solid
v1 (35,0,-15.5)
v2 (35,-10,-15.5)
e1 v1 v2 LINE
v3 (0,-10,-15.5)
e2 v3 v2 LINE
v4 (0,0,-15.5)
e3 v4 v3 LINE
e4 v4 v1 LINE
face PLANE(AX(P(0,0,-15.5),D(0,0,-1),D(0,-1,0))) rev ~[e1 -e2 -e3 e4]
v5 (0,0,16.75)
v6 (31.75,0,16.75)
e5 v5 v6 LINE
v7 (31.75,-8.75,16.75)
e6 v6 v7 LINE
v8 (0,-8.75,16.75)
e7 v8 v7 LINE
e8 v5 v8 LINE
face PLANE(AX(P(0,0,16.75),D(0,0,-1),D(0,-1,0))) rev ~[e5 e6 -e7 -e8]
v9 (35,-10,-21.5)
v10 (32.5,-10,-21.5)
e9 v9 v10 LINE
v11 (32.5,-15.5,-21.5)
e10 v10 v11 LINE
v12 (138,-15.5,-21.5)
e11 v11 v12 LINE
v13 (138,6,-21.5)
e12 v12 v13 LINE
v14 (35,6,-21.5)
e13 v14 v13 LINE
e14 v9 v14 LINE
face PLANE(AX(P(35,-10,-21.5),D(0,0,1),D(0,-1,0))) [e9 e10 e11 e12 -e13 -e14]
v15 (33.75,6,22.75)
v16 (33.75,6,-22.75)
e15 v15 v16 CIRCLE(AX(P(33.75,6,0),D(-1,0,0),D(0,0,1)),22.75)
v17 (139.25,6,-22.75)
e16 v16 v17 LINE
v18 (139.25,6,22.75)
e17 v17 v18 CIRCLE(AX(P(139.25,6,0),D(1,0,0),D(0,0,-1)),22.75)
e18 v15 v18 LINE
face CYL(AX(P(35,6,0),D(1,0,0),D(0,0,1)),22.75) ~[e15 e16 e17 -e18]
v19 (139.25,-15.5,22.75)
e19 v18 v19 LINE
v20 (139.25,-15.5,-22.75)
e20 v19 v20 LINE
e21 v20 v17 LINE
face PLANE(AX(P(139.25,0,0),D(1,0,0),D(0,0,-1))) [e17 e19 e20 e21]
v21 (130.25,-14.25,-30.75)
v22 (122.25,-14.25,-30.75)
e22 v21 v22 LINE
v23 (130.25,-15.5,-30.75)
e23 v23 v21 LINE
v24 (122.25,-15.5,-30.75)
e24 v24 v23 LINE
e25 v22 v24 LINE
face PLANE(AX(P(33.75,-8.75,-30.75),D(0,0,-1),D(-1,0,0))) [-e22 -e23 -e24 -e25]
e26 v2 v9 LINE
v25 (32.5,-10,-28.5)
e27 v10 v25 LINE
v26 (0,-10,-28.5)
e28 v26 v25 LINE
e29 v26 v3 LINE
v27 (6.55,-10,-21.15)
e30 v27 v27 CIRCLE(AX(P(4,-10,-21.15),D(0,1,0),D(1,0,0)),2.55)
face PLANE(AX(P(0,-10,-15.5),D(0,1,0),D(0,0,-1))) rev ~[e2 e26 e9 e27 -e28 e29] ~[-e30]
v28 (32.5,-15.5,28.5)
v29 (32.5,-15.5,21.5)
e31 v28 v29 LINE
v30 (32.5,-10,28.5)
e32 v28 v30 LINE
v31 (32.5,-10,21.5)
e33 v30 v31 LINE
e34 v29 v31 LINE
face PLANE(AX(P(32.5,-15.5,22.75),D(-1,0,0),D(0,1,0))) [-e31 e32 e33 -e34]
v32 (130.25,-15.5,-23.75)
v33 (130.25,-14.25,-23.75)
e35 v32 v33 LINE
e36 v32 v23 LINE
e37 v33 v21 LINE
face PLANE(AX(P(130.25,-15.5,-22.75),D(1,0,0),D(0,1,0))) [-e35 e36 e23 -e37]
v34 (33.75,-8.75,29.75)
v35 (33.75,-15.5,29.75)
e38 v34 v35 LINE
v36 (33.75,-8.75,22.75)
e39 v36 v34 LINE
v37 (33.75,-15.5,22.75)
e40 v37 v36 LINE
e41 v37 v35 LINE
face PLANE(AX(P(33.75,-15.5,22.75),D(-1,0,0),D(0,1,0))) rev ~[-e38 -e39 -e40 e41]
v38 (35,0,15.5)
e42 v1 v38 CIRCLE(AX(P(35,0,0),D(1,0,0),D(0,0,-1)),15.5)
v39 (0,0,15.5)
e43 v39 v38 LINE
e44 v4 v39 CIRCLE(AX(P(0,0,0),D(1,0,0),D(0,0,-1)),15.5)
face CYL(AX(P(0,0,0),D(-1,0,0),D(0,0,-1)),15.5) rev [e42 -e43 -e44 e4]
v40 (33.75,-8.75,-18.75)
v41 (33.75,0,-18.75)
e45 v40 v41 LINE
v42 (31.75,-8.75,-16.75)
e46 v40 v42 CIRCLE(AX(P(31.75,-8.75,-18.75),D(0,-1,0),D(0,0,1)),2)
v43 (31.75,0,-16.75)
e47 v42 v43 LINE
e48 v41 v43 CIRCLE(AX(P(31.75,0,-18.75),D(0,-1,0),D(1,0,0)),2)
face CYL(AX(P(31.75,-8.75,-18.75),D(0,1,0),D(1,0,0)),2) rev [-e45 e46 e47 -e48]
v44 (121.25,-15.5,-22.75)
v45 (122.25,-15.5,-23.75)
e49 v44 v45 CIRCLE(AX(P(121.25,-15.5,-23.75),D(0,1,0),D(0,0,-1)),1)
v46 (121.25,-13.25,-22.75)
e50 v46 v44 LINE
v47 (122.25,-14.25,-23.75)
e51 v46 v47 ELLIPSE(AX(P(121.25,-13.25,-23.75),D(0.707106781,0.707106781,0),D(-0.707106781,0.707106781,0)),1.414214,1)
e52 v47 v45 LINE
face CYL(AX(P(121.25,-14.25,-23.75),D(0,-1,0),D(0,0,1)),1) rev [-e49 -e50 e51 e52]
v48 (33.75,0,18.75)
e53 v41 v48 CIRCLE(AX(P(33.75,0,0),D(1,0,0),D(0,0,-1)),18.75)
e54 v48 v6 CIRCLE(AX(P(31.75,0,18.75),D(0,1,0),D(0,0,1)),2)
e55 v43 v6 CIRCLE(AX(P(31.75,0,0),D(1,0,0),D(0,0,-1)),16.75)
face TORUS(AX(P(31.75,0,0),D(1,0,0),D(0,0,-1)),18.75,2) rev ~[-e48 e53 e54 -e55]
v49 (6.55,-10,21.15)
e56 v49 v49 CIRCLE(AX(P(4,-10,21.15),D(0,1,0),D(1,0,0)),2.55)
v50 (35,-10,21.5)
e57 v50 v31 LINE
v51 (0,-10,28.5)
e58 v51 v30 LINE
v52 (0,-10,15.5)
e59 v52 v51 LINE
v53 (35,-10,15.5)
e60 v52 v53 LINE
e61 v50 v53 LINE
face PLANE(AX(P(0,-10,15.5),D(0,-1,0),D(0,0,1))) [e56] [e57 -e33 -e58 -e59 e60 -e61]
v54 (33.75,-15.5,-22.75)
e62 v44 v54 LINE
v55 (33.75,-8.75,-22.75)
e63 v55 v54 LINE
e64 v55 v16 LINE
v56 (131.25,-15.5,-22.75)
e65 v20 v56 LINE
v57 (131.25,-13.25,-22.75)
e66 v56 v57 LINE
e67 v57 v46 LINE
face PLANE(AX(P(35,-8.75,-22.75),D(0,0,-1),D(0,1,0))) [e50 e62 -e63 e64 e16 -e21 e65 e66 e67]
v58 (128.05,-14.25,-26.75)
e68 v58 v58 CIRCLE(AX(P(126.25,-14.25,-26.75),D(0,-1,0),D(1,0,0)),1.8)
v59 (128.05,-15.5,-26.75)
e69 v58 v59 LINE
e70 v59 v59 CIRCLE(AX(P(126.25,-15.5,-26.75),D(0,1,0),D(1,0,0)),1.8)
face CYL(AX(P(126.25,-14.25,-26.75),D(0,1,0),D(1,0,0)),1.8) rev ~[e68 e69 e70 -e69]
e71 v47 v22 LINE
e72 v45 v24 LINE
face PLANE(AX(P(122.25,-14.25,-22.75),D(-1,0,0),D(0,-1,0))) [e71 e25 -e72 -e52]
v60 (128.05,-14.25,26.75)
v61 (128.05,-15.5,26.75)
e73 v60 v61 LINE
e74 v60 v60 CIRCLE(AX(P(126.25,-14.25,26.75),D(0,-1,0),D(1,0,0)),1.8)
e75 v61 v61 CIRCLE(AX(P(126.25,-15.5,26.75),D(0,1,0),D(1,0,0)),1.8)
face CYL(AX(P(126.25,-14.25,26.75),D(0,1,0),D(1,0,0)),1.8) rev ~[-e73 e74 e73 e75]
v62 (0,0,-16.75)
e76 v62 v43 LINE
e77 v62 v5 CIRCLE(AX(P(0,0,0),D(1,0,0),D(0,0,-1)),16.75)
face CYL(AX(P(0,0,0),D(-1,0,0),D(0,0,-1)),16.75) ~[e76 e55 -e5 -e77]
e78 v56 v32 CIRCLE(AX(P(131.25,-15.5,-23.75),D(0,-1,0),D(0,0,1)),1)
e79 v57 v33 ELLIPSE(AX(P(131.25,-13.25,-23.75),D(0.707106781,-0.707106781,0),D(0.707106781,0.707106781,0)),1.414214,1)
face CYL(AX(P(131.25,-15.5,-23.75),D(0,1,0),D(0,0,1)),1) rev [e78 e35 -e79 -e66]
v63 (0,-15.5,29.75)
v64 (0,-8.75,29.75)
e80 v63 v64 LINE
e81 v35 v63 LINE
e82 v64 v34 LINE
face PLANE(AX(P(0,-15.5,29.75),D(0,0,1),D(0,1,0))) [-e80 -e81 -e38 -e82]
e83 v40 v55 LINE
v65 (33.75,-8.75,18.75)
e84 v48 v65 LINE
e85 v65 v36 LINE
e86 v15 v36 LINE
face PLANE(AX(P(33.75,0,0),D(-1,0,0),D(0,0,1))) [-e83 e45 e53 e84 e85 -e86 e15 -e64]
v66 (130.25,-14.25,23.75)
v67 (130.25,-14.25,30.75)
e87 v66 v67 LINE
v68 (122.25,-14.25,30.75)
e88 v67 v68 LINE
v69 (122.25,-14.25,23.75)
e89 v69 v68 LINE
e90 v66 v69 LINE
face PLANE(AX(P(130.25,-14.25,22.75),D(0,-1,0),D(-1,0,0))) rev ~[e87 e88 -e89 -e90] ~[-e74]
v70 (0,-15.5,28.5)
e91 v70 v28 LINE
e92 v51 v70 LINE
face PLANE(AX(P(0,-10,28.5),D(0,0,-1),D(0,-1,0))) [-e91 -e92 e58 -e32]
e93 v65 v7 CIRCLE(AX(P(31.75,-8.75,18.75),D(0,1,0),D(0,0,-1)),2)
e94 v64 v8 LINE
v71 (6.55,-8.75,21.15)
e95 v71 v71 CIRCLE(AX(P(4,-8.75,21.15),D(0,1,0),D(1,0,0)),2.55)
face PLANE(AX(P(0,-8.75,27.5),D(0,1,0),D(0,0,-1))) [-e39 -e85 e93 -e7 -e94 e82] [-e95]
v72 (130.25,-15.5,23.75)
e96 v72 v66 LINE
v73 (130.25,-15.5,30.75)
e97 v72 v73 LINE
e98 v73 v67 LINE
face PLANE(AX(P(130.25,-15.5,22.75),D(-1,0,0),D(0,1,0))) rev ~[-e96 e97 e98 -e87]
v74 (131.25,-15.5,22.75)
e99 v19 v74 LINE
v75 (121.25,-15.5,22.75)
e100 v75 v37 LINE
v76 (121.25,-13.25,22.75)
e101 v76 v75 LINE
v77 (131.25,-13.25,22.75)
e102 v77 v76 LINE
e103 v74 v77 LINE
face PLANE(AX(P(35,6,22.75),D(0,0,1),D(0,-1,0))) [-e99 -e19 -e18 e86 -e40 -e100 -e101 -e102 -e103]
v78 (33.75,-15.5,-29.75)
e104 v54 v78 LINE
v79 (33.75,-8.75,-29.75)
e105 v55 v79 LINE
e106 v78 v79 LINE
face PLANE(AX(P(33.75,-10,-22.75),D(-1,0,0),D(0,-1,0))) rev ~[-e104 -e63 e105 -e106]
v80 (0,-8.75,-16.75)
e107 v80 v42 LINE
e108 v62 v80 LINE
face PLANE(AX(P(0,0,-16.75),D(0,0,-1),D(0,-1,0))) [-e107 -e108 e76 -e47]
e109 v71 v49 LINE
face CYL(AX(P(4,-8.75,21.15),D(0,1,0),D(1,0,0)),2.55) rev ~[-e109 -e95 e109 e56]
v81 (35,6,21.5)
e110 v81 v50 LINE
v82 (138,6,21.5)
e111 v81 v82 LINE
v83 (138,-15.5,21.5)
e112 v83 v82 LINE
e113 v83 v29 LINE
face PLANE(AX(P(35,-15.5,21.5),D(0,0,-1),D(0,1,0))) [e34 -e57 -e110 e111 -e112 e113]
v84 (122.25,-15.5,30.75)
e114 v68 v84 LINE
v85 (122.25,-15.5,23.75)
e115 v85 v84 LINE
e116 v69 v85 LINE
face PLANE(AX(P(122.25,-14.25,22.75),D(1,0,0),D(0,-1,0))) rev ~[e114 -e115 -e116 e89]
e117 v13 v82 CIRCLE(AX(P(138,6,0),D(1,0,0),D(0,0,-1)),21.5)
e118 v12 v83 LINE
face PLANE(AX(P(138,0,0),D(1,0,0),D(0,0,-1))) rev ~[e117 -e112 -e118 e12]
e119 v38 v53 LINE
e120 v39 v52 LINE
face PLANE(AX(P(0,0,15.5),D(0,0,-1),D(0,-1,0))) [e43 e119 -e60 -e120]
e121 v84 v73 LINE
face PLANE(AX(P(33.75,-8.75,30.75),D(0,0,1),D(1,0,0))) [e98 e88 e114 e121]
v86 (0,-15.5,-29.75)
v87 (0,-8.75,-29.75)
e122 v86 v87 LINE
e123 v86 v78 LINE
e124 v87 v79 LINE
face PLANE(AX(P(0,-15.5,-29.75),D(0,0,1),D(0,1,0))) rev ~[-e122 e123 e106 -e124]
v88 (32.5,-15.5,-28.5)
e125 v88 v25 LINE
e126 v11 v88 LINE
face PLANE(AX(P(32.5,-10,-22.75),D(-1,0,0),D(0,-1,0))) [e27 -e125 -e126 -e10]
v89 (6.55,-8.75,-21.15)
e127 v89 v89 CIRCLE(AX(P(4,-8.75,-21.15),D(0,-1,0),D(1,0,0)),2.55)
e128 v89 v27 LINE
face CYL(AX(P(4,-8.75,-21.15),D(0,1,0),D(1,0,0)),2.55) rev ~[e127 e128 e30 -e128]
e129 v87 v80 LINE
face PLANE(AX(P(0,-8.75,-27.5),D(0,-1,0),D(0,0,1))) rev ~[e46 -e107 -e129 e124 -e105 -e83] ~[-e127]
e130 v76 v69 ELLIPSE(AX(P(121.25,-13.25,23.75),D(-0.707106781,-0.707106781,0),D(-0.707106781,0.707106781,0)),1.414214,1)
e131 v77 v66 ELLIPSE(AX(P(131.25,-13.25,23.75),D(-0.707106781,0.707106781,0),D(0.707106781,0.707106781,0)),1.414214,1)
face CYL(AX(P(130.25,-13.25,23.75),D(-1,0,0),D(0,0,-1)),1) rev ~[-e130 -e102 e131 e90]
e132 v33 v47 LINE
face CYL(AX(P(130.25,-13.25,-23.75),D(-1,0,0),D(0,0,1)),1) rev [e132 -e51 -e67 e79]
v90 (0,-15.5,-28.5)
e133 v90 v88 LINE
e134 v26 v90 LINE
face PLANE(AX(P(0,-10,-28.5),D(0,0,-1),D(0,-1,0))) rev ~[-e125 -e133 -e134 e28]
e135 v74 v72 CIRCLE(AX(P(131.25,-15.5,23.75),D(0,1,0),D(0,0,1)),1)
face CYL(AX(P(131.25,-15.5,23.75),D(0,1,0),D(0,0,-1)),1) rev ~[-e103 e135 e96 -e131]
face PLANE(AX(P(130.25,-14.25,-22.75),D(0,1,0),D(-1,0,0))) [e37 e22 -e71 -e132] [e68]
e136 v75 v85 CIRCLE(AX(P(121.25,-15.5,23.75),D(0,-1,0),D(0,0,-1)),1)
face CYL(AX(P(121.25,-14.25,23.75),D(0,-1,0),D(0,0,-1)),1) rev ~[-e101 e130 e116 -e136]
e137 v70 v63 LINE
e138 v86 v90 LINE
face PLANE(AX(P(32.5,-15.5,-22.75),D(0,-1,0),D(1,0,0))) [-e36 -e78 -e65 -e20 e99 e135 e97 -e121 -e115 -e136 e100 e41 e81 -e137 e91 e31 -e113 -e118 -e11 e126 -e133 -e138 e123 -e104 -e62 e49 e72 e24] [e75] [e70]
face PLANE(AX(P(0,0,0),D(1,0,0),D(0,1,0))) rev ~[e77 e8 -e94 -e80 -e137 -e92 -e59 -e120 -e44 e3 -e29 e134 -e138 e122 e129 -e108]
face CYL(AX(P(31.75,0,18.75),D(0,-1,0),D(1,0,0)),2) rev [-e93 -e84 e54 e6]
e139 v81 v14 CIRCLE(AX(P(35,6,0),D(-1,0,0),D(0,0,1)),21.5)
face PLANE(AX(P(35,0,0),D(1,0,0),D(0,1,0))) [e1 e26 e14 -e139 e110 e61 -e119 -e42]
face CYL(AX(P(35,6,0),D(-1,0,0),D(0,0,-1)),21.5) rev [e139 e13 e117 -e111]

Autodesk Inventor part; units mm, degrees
ref_plane "YZ Plane" through (0, 0, 0) normal (1, 0, 0) x (0, 1, 0)
ref_plane "XZ Plane" through (0, 0, 0) normal (0, 1, 0) x (-1, 0, 0)
ref_plane "XY Plane" through (0, 0, 0) normal (0, 0, 1) x (1, 0, 0)
sketch "Sketch1" plane through (0, 0, 0) normal (1, 0, 0) x (0, 1, 0)
  arc A0 (0, -15.5) -> (0, 15.5) centre (0, 0) ccw
  line L0 (0, -15.5) -> (-10, -15.5)
  line L1 (0, -15.5) -> (0, -16.75)
  arc A1 (0, -16.75) -> (0, 16.75) centre (0, 0) ccw
  line L2 (0, -16.75) -> (-10, -16.75)
  line L3 (-10, -15.5) -> (-10, -27.5)
  line L4 (-10, -16.75) -> (-8.75, -16.75)
  line L5 (-8.75, -27.5) -> (-8.75, -28.75)
  line L6 (-15.5, 0) -> (-15.5, -28.75)
  line L7 (-8.75, -27.5) -> (-8.75, -16.75)
  line L8 (0, 0) -> (-6.7436, 0)
  line L9 (0, 15.5) -> (-10, 15.5)
  line L10 (0, 16.75) -> (-8.75, 16.75)
  line L11 (-10, 15.5) -> (-10, 27.5)
  line L12 (-8.75, 27.5) -> (-8.75, 28.75)
  line L13 (-15.5, 0) -> (-15.5, 28.75)
  line L14 (-8.75, 27.5) -> (-8.75, 16.75)
  line L15 (-10, -27.5) -> (-10, -28.5)
  line L16 (-10, -28.5) -> (-15.5, -28.5)
  line L17 (-15.5, -28.5) -> (-15.5, -29.75)
  line L18 (-15.5, -29.75) -> (-8.75, -29.75)
  line L19 (-8.75, -29.75) -> (-8.75, -28.75)
  line L20 (-8.75, 27.5) -> (-8.75, 28.75)
  line L21 (-10, 27.5) -> (-10, 28.5)
  line L22 (-10, 28.5) -> (-15.5, 28.5)
  line L23 (-15.5, 28.5) -> (-15.5, 29.75)
  line L24 (-15.5, 29.75) -> (-8.75, 29.75)
  line L25 (-8.75, 29.75) -> (-8.75, 28.75)
  point P0 (-10, 16.75)
  dimension "d0" = 31
  dimension "d1" = 10
  dimension "d2" = 1.25
  dimension "d3" = 12
  dimension "d4" = 1.25
  dimension "d5" = 1.25
  dimension "d6" = 1
  dimension "d7" = 1.25
extrude "Extrusion1" add sketch "Sketch1" along normal blind 35 contours L1 L2 L3 L0 | A0 L9 L11 L21 L22 L13 L23 L24 L25 L12 L14 L10 A1 L1 | L2 L7 L5 L19 L18 L17 L6 L16 L15 L3
sketch "Sketch2" plane through (35, 0, 0) normal (1, 0, 0) x (0, 0, -1)
  line L0 (29.75, -8.75) -> (16.75, -8.75) projected
  line L1 (16.75, -8.75) -> (16.75, 0) projected
  arc A0 (16.75, 0) -> (-16.75, 0) centre (0, 0) ccw projected
  line L2 (-16.75, 0) -> (-16.75, -8.75) projected
  line L3 (-16.75, -8.75) -> (-29.75, -8.75) projected
  line L4 (-29.75, -8.75) -> (-29.75, -15.5) projected
  line L5 (-29.75, -15.5) -> (-28.5, -15.5) projected
  line L6 (-28.5, -15.5) -> (-28.5, -10) projected
  line L7 (-28.5, -10) -> (-15.5, -10) projected
  line L8 (-15.5, -10) -> (-15.5, 0) projected
  arc A1 (15.5, 0) -> (-15.5, 0) centre (0, 0) ccw projected
  line L9 (15.5, 0) -> (15.5, -10) projected
  line L10 (15.5, -10) -> (28.5, -10) projected
  line L11 (28.5, -10) -> (28.5, -15.5) projected
  line L12 (28.5, -15.5) -> (29.75, -15.5) projected
  line L13 (29.75, -15.5) -> (29.75, -8.75) projected
  line L14 (-28.5, -15.5) -> (-28.5, -10) projected
  line L15 (-28.5, -15.5) -> (0, -15.5)
  line L16 (0, -15.5) -> (0, 27.5)
  line L17 (0, 27.5) -> (0, 6)
  line L18 (21.5, 6) -> (21.5, -15.5)
  line L19 (21.5, -15.5) -> (22.75, -15.5)
  line L20 (22.75, -15.5) -> (22.75, 6)
  line L21 (-21.5, 6) -> (-21.5, -15.5)
  line L22 (-21.5, -15.5) -> (-22.75, -15.5)
  line L23 (-22.75, -15.5) -> (-22.75, 6)
  arc A2 (22.75, 6) -> (-22.75, 6) centre (0, 6) ccw
  arc A3 (-17.3205, -8.75) -> (-16.1729, -10) centre (0, 6) ccw
  arc A4 (16.1729, -10) -> (17.3205, -8.75) centre (0, 6) ccw
  arc A5 (-16.75, -7.4792) -> (-15.5, -8.8997) centre (0, 6) ccw
  arc A6 (15.5, -8.8997) -> (16.75, -7.4792) centre (0, 6) ccw
  arc A7 (21.5, 6) -> (-21.5, 6) centre (0, 6) ccw
  dimension "d10" = 43
  dimension "d11" = 21.5
  dimension "d12" = 1.25
extrude "Extrusion2" add sketch "Sketch2" along normal blind 103 contours L18 A7 L21 L3 L23 A2 L20 L0 | L0 L20 L10 L18 | L10 L20 L19 L18 | L3 L21 L7 L23 | L7 L21 L15 L23
sketch "Sketch3" plane through (35, 0, 0) normal (-1, 0, 0) x (0, 0, 1)
  line L0 (-22.75, -8.75) -> (-21.5, -8.75) projected
  line L1 (-21.5, 6) -> (-21.5, -8.75) projected
  arc A0 (21.5, 6) -> (-21.5, 6) centre (0, 6) ccw projected
  line L2 (21.5, -8.75) -> (21.5, 6) projected
  line L3 (21.5, -8.75) -> (22.75, -8.75) projected
  line L4 (22.75, 6) -> (22.75, -8.75) projected
  arc A1 (22.75, 6) -> (-22.75, 6) centre (0, 6) ccw projected
  line L5 (-22.75, -8.75) -> (-22.75, 6) projected
  line L6 (-29.75, -8.75) -> (-16.75, -8.75) projected
  line L7 (-29.75, -15.5) -> (-29.75, -8.75) projected
  line L8 (-28.5, -15.5) -> (-29.75, -15.5) projected
  line L9 (-28.5, -10) -> (-28.5, -15.5) projected
  line L10 (-15.5, -10) -> (-28.5, -10) projected
  line L11 (-15.5, 0) -> (-15.5, -10) projected
  arc A2 (15.5, 0) -> (-15.5, 0) centre (0, 0) ccw projected
  line L12 (15.5, -10) -> (15.5, 0) projected
  line L13 (28.5, -10) -> (15.5, -10) projected
  line L14 (28.5, -15.5) -> (28.5, -10) projected
  line L15 (29.75, -15.5) -> (28.5, -15.5) projected
  line L16 (29.75, -8.75) -> (29.75, -15.5) projected
  line L17 (16.75, -8.75) -> (29.75, -8.75) projected
  line L18 (16.75, 0) -> (16.75, -8.75) projected
  arc A3 (16.75, 0) -> (-16.75, 0) centre (0, 0) ccw projected
  line L19 (-16.75, -8.75) -> (-16.75, 0) projected
extrude "Extrusion3" add sketch "Sketch3" along normal blind 1.25 contours L5 A1 L4 L3 L2 A0 L1 L0 | L1 A0 L2 L17 L18 A3 L19 L6
sketch "Sketch4" plane through (0, -8.75, 29.75) normal (0, 1, 0) x (1, 0, 0)
  line L0 (33.75, 7) -> (33.75, 13) projected
  line L1 (0, 13) -> (33.75, 13) projected
  line L2 (0, 13) -> (0, 0) projected
  line L3 (0, 0) -> (35, 0) projected
  line L4 (35, 7) -> (35, 0) projected
  line L5 (35, 7) -> (33.75, 7) projected
  line L6 (33.75, 46.5) -> (33.75, 52.5) projected
  line L7 (33.75, 52.5) -> (35, 52.5) projected
  line L8 (35, 59.5) -> (35, 52.5) projected
  line L9 (0, 59.5) -> (35, 59.5) projected
  line L10 (0, 59.5) -> (0, 46.5) projected
  line L11 (0, 46.5) -> (33.75, 46.5) projected
  line L12 (33.75, 7) -> (33.75, 0)
  line L13 (0, 0) -> (35, 0) projected
  line L14 (33.75, 52.5) -> (33.75, 59.5)
  line L15 (0, 59.5) -> (35, 59.5) projected
  point P0 (0, 29.75)
extrude "Extrusion4" cut sketch "Sketch4" against normal through all contours L5 L4 L3 L12 | L14 L9 L8 L7
sketch "Sketch5" plane through (35, 0, 0) normal (-1, 0, 0) x (0, 0, 1)
  line L0 (-21.5, -10) -> (-22.75, -10) projected
  line L1 (-22.75, -15.5) -> (-22.75, -10) projected
  line L2 (-21.5, -15.5) -> (-22.75, -15.5) projected
  line L3 (-21.5, -10) -> (-21.5, -15.5) projected
  line L4 (22.75, -10) -> (21.5, -10) projected
  line L5 (21.5, -15.5) -> (21.5, -10) projected
  line L6 (22.75, -15.5) -> (21.5, -15.5) projected
  line L7 (22.75, -10) -> (22.75, -15.5) projected
  point P0 (0, 0)
extrude "Extrusion5" add sketch "Sketch5" along normal blind 2.5
sketch "Sketch6" plane through (138, -15.5, 22.75) normal (0, 0, 1) x (1, 0, 0)
  line L0 (-104.25, 0) -> (-104.25, 6.75) projected
  line L1 (-138, 6.75) -> (-104.25, 6.75) projected
  line L2 (-138, 6.75) -> (-138, 0) projected
  line L3 (-138, 0) -> (-104.25, 0) projected
  line L4 (-105.5, 0) -> (-105.5, 5.5) projected
  line L5 (-105.5, 5.5) -> (-104.25, 5.5) projected
  point P0 (-138, 15.5)
extrude "Extrusion6" add sketch "Sketch6" along normal blind 7 contours L3 L4 L5 L0
sketch "Sketch7" plane through (138, -15.5, -22.75) normal (0, 0, -1) x (-1, 0, 0)
  line L0 (104.25, 6.75) -> (104.25, 0) projected
  line L1 (105.5, 5.5) -> (105.5, 0) projected
  line L2 (103, 5.5) -> (105.5, 5.5) projected
  line L3 (105.5, 0) -> (0, 0) projected
  point P0 (138, 15.5)
  point P1 (104.25, 5.5)
extrude "Extrusion7" add sketch "Sketch7" along normal blind 7
sketch "Sketch8" plane through (138, 0, 0) normal (1, 0, 0) x (0, 0, -1)
  line L0 (-22.75, 6) -> (-22.75, -15.5) projected
  line L1 (-22.75, -15.5) -> (-21.5, -15.5) projected
  line L2 (-21.5, -15.5) -> (-21.5, 6) projected
  arc A0 (21.5, 6) -> (-21.5, 6) centre (0, 6) ccw projected
  line L3 (21.5, 6) -> (21.5, -15.5) projected
  line L4 (21.5, -15.5) -> (22.75, -15.5) projected
  line L5 (22.75, -15.5) -> (22.75, 6) projected
  arc A1 (22.75, 6) -> (-22.75, 6) centre (0, 6) ccw projected
  line L6 (-22.75, -15.5) -> (22.75, -15.5)
  line L7 (-21.5, -15.5) -> (-28.5, -15.5) projected
  point P0 (0, 0)
extrude "Extrusion8" add sketch "Sketch8" along normal blind 1.25
sketch "Sketch9" plane through (33.75, -8.75, 22.75) normal (0, 0, 1) x (1, 0, 0)
  line L0 (0, 0) -> (0, -6.75) projected
  line L1 (0, -6.75) -> (105.5, -6.75) projected
  line L2 (105.5, 14.75) -> (105.5, -6.75) projected
  line L3 (105.5, 14.75) -> (0, 14.75) projected
  line L4 (0, 0) -> (0, 14.75) projected
  line L5 (105.5, -6.75) -> (96.5, -6.75)
  line L6 (-1.25, -6.75) -> (104.25, -6.75) projected
  line L7 (96.5, -6.75) -> (96.5, -5.5)
  line L8 (96.5, -5.5) -> (88.5, -5.5)
  line L9 (88.5, -5.5) -> (88.5, -6.75)
  point P0 (-33.75, 8.75)
  dimension "d27" = 9
  dimension "d28" = 1.25
  dimension "d29" = 8
extrude "Extrusion9" add sketch "Sketch9" along normal blind 8 contours L9 L8 L7 L1
sketch "Sketch10" plane through (33.75, -8.75, -22.75) normal (0, 0, -1) x (-1, 0, 0)
  line L0 (-88.5, -6.75) -> (-96.5, -6.75) projected
  line L1 (-88.5, -5.5) -> (-88.5, -6.75) projected
  line L2 (-88.5, -6.75) -> (-96.5, -6.75) projected
  line L3 (-96.5, -6.75) -> (-96.5, -5.5) projected
  line L4 (-96.5, -5.5) -> (-88.5, -5.5) projected
  point P0 (33.75, 8.75)
extrude "Extrusion10" add sketch "Sketch10" along normal blind 8
sketch "Sketch11" plane through (122.25, -14.25, -22.75) normal (0, 1, 0) x (1, 0, 0)
  line L0 (8, 0) -> (0, 0) projected
  line L1 (8, 0) -> (8, 8) projected
  line L2 (0, 8) -> (8, 8) projected
  line L3 (0, 0) -> (0, 8) projected
  line L4 (0, -45.5) -> (8, -45.5) projected
  line L5 (0, -45.5) -> (0, -53.5) projected
  line L6 (8, -53.5) -> (0, -53.5) projected
  line L7 (8, -45.5) -> (8, -53.5) projected
  line L8 (0, -45.5) -> (0, -53.5) projected
  line L9 (0, -53.5) -> (4, -53.5)
  line L10 (0, -53.5) -> (8, -53.5) projected
  line L11 (4, -53.5) -> (4, -49.5)
  circle A0 centre (4, -49.5) radius 1.8
  line L12 (0, 8) -> (8, 8) projected
  line L13 (8, 8) -> (4, 8)
  line L14 (8, 8) -> (12, 8) construction
  line L15 (4, 8) -> (4, 4)
  line L16 (0, 0) -> (0, 8) projected
  circle A1 centre (4, 4) radius 1.8
  point P0 (-122.25, -22.75)
  dimension "d34" = 4
  dimension "d35" = 3.6
  dimension "d36" = 4
  dimension "d37" = 180
  dimension "d38" = 3.6
extrude "Extrusion11" cut sketch "Sketch11" against normal blind 8 contours A1 | A0
fillet "Fillet1" radius 1 6 edges at (130.25, -14.875, 22.75) (126.25, -14.25, 22.75) (122.25, -14.875, 22.75) (130.25, -14.875, -22.75) (126.25, -14.25, -22.75) (122.25, -14.875, -22.75)
fillet "Fillet2" radius 2 3 edges at (33.75, -4.375, -16.75) (33.75, -4.375, 16.75) (33.75, 16.75, 0)
sketch "Sketch12" plane through (0, -8.75, -16.75) normal (0, 1, 0) x (1, 0, 0)
  arc A0 (31.75, 0) -> (33.75, 2) centre (31.75, 2) ccw projected
  line L0 (33.75, 2) -> (33.75, 6) projected
  line L1 (33.75, 6) -> (33.75, 13) projected
  line L2 (0, 13) -> (33.75, 13) projected
  line L3 (0, 13) -> (0, 0) projected
  line L4 (0, 0) -> (31.75, 0) projected
  arc A1 (33.75, -35.5) -> (31.75, -33.5) centre (31.75, -35.5) ccw projected
  line L5 (0, -33.5) -> (31.75, -33.5) projected
  line L6 (0, -33.5) -> (0, -46.5) projected
  line L7 (0, -46.5) -> (33.75, -46.5) projected
  line L8 (33.75, -46.5) -> (33.75, -39.5) projected
  line L9 (33.75, -39.5) -> (33.75, -35.5) projected
  line L10 (0, 13) -> (-2.5, 13)
  line L11 (-2.5, 13) -> (4, 13)
  line L12 (0, 13) -> (33.75, 13) projected
  line L13 (4, 13) -> (4, 8.75)
  line L14 (4, 8.75) -> (4, 4.4)
  circle A2 centre (4, 4.4) radius 2.55
  line L15 (0, 0) -> (0, -16.75)
  line L16 (0, -16.75) -> (16.875, -16.75)
  circle A3 centre (4, -37.9) radius 2.55
  dimension "d43" = 2.5
  dimension "d44" = 6.5
  dimension "d45" = 4.25
  dimension "d46" = 4.35
  dimension "d47" = 5.1
extrude "Extrusion12" cut sketch "Sketch12" against normal blind 8 contours A2 | A3
properties part number "carcasa_motores"
